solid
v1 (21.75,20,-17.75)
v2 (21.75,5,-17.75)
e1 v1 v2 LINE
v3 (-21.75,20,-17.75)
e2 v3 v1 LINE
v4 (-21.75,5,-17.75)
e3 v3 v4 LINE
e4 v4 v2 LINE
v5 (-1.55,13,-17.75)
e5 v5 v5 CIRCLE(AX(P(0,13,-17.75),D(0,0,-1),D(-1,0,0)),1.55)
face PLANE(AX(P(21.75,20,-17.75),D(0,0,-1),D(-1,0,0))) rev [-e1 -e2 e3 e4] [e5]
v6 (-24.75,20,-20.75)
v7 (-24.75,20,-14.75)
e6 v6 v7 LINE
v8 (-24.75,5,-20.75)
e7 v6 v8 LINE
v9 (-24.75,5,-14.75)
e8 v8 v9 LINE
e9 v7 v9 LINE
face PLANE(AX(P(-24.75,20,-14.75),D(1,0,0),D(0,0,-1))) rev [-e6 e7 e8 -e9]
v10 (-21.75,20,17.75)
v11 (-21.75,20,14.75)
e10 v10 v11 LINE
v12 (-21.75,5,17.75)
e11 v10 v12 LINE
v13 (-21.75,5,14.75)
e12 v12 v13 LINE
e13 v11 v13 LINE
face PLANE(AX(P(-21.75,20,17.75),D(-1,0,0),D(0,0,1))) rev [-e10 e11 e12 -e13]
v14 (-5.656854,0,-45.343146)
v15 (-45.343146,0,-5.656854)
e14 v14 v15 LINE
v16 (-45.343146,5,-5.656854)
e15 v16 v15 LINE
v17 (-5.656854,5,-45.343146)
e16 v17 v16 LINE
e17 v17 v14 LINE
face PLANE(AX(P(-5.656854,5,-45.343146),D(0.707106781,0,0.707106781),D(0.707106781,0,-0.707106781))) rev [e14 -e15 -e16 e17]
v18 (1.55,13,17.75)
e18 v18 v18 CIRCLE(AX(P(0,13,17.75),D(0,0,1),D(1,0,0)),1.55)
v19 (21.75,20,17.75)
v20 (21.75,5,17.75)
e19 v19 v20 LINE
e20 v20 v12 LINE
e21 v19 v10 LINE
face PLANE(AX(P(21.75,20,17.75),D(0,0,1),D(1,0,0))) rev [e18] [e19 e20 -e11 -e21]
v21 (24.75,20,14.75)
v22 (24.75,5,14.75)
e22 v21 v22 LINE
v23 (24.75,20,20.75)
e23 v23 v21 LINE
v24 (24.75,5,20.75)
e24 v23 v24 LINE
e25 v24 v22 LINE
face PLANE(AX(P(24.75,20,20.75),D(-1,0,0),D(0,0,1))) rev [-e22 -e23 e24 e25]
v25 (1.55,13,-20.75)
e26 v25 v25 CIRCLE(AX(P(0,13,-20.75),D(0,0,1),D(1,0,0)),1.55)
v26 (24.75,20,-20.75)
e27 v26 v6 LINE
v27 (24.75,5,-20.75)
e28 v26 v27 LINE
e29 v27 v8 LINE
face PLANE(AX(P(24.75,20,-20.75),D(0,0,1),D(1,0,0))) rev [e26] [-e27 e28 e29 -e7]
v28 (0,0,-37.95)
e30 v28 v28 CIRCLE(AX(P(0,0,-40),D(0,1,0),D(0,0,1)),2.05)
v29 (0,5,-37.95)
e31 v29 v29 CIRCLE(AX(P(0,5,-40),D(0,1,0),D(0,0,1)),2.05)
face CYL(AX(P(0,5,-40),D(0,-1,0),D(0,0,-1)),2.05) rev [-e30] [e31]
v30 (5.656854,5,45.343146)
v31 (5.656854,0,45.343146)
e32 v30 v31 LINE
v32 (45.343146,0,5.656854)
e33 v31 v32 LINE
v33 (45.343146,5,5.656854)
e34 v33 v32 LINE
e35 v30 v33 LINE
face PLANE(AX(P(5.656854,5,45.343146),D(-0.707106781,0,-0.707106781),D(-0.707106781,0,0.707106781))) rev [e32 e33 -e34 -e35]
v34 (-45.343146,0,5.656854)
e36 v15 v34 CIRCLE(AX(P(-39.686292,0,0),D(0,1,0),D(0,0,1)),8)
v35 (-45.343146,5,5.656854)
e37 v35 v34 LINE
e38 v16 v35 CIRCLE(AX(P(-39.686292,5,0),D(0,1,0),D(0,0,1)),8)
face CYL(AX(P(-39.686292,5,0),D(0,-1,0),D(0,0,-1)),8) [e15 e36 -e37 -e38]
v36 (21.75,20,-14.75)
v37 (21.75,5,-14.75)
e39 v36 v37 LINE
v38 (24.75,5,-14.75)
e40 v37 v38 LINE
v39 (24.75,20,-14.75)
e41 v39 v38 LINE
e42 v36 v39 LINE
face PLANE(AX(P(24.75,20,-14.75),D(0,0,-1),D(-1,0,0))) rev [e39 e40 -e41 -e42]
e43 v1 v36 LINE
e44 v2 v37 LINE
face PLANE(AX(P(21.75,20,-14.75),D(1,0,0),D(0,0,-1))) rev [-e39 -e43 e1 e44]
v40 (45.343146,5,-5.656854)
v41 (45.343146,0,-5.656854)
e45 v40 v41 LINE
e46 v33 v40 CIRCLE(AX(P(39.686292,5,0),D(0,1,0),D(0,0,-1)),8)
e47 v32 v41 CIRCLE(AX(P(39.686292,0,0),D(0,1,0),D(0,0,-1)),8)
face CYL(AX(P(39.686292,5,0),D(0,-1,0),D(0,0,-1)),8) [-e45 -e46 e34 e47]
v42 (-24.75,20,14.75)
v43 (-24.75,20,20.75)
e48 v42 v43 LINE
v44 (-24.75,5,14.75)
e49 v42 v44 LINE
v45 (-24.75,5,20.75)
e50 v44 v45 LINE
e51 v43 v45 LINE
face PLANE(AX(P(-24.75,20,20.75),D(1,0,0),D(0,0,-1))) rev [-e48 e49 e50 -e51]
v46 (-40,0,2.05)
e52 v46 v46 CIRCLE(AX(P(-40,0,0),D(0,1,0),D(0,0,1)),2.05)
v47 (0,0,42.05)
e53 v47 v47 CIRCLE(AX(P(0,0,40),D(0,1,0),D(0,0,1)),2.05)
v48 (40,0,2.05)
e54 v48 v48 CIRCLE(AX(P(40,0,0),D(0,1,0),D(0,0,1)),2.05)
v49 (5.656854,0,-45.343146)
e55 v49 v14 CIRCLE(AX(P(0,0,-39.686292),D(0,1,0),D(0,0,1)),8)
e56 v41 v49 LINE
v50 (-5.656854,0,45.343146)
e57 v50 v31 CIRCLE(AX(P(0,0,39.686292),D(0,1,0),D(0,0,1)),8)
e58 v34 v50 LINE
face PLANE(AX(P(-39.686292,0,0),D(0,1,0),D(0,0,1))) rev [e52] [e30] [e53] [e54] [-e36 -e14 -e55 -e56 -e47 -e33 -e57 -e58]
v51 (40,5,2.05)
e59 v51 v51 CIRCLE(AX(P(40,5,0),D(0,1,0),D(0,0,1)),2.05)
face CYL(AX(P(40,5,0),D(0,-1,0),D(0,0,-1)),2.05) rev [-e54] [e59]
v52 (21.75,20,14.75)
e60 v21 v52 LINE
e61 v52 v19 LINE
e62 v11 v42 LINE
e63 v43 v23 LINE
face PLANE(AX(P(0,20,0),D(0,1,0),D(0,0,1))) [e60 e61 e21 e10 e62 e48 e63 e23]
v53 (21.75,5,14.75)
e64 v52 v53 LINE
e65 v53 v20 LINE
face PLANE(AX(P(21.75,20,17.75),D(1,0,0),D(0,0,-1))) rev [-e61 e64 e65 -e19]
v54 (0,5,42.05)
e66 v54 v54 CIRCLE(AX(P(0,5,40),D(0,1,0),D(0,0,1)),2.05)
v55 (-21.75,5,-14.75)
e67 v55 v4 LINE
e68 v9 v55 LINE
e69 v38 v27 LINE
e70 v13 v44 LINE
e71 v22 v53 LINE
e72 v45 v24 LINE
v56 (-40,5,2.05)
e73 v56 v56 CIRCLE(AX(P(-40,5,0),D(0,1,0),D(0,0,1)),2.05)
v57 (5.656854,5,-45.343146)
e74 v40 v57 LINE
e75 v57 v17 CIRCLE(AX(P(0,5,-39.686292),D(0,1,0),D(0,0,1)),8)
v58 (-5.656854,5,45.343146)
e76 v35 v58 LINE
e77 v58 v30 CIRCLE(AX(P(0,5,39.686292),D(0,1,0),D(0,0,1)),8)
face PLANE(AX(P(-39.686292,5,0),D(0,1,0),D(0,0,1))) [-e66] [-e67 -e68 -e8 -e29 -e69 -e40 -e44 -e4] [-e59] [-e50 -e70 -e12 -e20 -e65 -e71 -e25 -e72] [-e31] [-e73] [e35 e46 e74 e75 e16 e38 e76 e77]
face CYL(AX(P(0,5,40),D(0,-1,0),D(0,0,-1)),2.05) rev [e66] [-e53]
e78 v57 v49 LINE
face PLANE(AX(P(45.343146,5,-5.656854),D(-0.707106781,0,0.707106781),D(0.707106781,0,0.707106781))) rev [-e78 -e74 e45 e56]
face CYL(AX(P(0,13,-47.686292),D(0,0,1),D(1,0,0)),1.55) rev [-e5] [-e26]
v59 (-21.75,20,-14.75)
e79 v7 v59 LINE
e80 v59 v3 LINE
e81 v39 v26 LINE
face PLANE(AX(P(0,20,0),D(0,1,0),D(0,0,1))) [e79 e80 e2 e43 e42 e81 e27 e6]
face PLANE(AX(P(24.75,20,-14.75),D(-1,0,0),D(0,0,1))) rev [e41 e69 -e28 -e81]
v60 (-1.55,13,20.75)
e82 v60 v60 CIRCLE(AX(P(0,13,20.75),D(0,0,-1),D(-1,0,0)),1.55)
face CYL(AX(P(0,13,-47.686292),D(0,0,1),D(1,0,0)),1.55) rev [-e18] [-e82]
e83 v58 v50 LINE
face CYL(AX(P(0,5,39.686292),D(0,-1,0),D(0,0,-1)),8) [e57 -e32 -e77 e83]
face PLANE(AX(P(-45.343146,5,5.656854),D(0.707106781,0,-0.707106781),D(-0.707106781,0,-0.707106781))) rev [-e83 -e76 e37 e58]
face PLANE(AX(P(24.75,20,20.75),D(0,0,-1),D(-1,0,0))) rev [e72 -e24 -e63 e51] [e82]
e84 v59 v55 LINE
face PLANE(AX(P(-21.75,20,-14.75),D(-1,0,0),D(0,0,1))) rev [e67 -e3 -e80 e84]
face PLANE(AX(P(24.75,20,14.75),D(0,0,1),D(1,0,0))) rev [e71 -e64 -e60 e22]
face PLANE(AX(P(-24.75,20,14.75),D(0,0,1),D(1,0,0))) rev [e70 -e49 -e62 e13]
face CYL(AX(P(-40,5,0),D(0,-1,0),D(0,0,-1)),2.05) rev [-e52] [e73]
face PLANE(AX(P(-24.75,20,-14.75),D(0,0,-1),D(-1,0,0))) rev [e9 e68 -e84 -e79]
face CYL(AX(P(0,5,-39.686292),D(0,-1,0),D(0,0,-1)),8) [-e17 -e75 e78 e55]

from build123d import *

# Parameters (mm, degrees)
SKETCH_1_R               = 2.05
EXTRUDE_1_DEPTH          = 5
EXTRUDE_2_DEPTH          = 15
CUT_EXTRUDE_1_DEPTH      = 86.775919648
CUT_EXTRUDE_1_DEPTH_BACK = 86.775919648
SKETCH_3_R               = 1.55


with BuildPart() as part:
    # 草图1 → 凸台-拉伸1 (new body)
    with BuildSketch(Plane(origin=(0, 0, 0), x_dir=(1, 0, 0), z_dir=(0, 1, 0))):
        with BuildLine():
            Line((-5.656854249, 45.343145751), (-45.343145751, 5.656854249))
            ThreePointArc((-45.343145751, 5.656854249), (-47.686291501, 0), (-45.343145751, -5.656854249))
            Line((-45.343145751, -5.656854249), (-5.656854249, -45.343145751))
            ThreePointArc((-5.656854249, -45.343145751), (0, -47.686291501), (5.656854249, -45.343145751))
            Line((5.656854249, -45.343145751), (45.343145751, -5.656854249))
            ThreePointArc((45.343145751, -5.656854249), (47.686291501, 0), (45.343145751, 5.656854249))
            Line((45.343145751, 5.656854249), (5.656854249, 45.343145751))
            ThreePointArc((5.656854249, 45.343145751), (0, 47.686291501), (-5.656854249, 45.343145751))
        make_face()
        with Locations(Location((0, 40, 0), (0, 0, 270))):
            Circle(SKETCH_1_R, mode=Mode.SUBTRACT)
        with Locations(Location((40, 0, 0), (0, 0, 270))):
            Circle(SKETCH_1_R, mode=Mode.SUBTRACT)
        with Locations(Location((0, -40, 0), (0, 0, 270))):
            Circle(SKETCH_1_R, mode=Mode.SUBTRACT)
        with Locations(Location((-40, 0, 0), (0, 0, 270))):
            Circle(SKETCH_1_R, mode=Mode.SUBTRACT)
    extrude(amount=EXTRUDE_1_DEPTH)

    # 草图2 → 凸台-拉伸2 (add)
    with BuildSketch(Plane(origin=(0, 5, 0), x_dir=(1, 0, 0), z_dir=(0, 1, 0))):
        Polygon((-24.75, 14.75), (-21.75, 14.75), (-21.75, 17.75), (21.75, 17.75), (21.75, 14.75), (24.75, 14.75), (24.75, 20.75), (-24.75, 20.75), align=None)
        Polygon((24.75, -20.75), (-24.75, -20.75), (-24.75, -14.75), (-21.75, -14.75), (-21.75, -17.75), (21.75, -17.75), (21.75, -14.75), (24.75, -14.75), align=None)
    extrude(amount=EXTRUDE_2_DEPTH)

    # 草图3 → 切除-拉伸1 (cut, two sides: drawn at the far end of the back side and taken through both)
    with BuildSketch(Plane.XY.offset(20.75).offset(-CUT_EXTRUDE_1_DEPTH_BACK)):
        with Locations((0, 13)):
            Circle(SKETCH_3_R)
    extrude(amount=CUT_EXTRUDE_1_DEPTH + CUT_EXTRUDE_1_DEPTH_BACK, mode=Mode.SUBTRACT)


solid = part.part
